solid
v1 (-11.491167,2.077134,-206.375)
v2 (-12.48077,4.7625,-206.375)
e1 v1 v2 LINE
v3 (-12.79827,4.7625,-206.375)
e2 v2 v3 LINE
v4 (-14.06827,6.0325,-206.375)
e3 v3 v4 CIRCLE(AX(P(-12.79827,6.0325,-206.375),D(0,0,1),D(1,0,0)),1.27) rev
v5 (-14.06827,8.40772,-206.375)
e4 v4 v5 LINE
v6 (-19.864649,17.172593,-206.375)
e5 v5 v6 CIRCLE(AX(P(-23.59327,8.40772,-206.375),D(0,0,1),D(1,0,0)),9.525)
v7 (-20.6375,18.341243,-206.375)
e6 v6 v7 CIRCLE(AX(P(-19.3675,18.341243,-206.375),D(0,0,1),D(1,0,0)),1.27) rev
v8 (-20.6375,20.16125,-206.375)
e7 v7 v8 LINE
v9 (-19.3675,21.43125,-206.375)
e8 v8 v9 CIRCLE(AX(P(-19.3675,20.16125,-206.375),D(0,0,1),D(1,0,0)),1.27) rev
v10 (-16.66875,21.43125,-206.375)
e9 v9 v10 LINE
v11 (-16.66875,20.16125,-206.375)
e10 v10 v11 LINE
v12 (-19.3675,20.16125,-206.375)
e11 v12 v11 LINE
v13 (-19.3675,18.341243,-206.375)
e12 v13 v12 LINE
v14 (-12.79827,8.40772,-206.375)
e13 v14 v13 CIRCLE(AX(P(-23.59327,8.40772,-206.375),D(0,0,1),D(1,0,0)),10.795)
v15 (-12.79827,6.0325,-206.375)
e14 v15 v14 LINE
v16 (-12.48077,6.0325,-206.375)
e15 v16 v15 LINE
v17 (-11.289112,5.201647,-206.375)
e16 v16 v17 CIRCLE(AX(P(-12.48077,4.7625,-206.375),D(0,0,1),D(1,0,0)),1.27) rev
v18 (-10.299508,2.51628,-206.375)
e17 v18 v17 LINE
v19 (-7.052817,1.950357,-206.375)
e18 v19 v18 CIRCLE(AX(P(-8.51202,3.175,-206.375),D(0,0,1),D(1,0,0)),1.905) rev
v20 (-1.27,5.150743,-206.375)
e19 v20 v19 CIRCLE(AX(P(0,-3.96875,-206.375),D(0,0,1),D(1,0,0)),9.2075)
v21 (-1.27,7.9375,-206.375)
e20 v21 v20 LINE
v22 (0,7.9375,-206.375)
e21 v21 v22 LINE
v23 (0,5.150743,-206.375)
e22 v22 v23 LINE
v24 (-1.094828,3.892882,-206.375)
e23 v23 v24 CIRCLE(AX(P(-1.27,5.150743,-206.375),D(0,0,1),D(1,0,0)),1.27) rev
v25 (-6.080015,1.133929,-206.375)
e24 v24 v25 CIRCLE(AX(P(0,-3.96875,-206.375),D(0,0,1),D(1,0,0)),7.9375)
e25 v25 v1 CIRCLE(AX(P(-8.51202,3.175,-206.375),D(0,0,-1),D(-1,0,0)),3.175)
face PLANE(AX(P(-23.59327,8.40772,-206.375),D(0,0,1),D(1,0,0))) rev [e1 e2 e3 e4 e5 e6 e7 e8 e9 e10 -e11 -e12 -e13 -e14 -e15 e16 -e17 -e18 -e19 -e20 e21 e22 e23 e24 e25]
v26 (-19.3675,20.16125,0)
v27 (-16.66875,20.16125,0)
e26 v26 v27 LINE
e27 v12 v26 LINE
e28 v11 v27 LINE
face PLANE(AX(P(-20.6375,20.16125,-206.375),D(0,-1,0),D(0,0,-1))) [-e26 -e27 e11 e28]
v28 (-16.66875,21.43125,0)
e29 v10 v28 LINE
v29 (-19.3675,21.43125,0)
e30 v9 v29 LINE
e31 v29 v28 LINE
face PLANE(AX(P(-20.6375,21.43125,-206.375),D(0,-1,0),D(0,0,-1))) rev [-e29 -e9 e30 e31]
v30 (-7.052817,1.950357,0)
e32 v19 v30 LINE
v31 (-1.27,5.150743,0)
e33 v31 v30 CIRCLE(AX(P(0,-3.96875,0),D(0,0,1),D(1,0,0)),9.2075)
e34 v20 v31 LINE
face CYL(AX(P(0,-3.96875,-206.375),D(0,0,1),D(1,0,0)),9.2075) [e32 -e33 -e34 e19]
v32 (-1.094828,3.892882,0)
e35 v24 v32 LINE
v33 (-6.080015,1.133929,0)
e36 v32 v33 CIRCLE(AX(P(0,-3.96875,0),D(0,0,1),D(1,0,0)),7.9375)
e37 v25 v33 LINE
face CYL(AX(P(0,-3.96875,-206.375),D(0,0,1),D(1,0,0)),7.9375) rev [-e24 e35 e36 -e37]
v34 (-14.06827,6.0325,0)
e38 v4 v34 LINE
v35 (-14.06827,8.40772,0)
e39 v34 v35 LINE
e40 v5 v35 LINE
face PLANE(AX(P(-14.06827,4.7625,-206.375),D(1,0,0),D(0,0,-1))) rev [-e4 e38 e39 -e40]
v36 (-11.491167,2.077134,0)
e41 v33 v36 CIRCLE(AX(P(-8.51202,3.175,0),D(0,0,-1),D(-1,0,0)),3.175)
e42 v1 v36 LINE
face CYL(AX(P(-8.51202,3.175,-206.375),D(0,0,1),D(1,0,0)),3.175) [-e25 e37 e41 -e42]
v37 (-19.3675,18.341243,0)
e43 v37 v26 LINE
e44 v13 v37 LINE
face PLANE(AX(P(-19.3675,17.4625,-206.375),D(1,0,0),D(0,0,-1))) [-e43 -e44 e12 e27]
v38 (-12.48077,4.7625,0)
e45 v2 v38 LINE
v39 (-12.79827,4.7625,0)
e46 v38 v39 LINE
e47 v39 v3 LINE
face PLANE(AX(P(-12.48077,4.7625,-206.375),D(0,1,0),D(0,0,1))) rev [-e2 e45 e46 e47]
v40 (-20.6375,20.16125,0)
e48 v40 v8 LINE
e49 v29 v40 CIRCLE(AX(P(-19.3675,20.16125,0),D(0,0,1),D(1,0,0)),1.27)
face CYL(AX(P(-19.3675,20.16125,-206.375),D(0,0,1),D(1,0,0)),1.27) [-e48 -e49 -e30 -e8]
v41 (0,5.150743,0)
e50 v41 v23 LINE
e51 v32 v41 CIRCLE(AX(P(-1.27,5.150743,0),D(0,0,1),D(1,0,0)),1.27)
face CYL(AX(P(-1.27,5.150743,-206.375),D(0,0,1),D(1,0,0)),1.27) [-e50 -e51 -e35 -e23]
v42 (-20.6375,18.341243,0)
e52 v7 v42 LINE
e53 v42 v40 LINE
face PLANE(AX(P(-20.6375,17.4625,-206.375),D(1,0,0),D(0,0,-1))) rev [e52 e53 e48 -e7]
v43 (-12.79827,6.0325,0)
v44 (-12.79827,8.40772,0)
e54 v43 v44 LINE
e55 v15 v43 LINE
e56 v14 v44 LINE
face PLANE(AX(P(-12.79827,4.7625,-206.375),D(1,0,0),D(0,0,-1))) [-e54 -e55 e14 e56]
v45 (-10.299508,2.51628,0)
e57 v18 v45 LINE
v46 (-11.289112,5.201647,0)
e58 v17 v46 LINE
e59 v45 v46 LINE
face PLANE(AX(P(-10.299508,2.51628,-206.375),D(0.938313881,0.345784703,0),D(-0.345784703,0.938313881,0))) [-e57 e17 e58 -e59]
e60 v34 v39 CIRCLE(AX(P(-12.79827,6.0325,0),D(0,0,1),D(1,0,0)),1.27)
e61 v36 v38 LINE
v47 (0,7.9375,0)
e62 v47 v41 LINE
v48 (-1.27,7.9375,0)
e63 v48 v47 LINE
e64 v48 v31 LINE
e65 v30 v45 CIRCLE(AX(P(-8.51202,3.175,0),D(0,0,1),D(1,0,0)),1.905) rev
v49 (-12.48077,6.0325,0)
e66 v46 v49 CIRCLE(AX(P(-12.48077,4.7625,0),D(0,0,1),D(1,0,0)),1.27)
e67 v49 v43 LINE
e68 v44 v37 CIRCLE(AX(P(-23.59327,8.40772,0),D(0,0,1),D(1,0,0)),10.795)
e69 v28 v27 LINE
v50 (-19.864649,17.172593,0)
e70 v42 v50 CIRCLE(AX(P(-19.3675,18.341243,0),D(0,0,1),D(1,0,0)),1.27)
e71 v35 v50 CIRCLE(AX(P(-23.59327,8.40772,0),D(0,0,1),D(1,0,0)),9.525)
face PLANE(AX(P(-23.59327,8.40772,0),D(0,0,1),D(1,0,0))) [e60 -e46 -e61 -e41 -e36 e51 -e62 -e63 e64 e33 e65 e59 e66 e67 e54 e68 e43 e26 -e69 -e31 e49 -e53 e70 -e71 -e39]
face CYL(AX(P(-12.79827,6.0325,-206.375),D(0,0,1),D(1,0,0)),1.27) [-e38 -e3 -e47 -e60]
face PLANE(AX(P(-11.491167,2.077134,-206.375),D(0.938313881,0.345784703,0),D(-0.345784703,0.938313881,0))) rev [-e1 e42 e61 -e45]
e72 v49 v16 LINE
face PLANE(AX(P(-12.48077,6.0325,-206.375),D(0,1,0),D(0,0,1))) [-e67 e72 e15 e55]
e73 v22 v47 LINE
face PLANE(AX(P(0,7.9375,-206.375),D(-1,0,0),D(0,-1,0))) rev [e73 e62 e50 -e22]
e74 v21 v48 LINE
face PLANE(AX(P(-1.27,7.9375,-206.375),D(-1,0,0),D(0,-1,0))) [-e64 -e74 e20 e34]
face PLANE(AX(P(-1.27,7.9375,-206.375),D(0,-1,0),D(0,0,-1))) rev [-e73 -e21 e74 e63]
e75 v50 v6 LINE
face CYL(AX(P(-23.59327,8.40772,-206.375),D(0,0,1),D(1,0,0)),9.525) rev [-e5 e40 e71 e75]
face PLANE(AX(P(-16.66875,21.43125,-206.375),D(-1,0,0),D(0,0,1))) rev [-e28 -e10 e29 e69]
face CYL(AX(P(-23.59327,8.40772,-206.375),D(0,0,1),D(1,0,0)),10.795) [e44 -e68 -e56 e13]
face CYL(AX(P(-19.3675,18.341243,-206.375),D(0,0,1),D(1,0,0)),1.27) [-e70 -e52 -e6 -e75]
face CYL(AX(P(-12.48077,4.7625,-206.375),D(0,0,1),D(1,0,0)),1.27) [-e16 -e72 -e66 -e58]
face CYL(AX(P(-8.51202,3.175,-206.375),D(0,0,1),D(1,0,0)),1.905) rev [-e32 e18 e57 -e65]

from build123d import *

# Parameters (mm, degrees)
EXTRUDE_THIN1_DEPTH = 206.375
FILLET1_R           = 1.27


with BuildPart() as part:
    # Sketch1 → Extrude-Thin1 (new body)
    with BuildSketch(Plane.XY):
        with BuildLine():
            Line((0, 7.9375), (0, 3.96875))
            ThreePointArc((0, 3.96875), (-3.354205948, 3.225220302), (-6.080014609, 1.133928571))
            ThreePointArc((-6.080014609, 1.133928571), (-9.057226525, 0.047161235), (-11.491167025, 2.077133569))
            Line((-11.491167025, 2.077133569), (-12.480770453, 4.7625))
            Line((-12.480770453, 4.7625), (-14.068270453, 4.7625))
            Line((-14.068270453, 4.7625), (-14.068270453, 8.407719714))
            ThreePointArc((-14.068270453, 8.407719714), (-15.883557794, 14.00110471), (-20.6375, 17.4625))
            Line((-20.6375, 17.4625), (-20.6375, 21.43125))
            Line((-20.6375, 21.43125), (-16.66875, 21.43125))
            Line((-16.66875, 21.43125), (-16.66875, 20.16125))
            Line((-16.66875, 20.16125), (-19.3675, 20.16125))
            Line((-19.3675, 20.16125), (-19.3675, 18.341243212))
            ThreePointArc((-19.3675, 18.341243212), (-14.589126489, 14.362332756), (-12.798270453, 8.407719714))
            Line((-12.798270453, 8.407719714), (-12.798270453, 6.0325))
            Line((-12.798270453, 6.0325), (-11.595295513, 6.0325))
            Line((-11.595295513, 6.0325), (-10.299508396, 2.516280141))
            ThreePointArc((-10.299508396, 2.516280141), (-8.839144096, 1.298296741), (-7.052816947, 1.950357143))
            ThreePointArc((-7.052816947, 1.950357143), (-4.458468146, 4.08731095), (-1.27, 5.150743201))
            Line((-1.27, 5.150743201), (-1.27, 7.9375))
            Line((-1.27, 7.9375), (0, 7.9375))
        make_face()
    extrude(amount=-EXTRUDE_THIN1_DEPTH)

    # Fillet1
    fillet1_edges = [part.edges().sort_by_distance(p)[0] for p in [
        (-11.595295513, 6.0325, -103.1875),
        (0, 3.96875, -103.1875),
        (-14.068270453, 4.7625, -103.1875),
        (-20.6375, 17.4625, -103.1875),
        (-20.6375, 21.43125, -103.1875),
    ]]
    fillet(fillet1_edges, radius=FILLET1_R)


solid = part.part
